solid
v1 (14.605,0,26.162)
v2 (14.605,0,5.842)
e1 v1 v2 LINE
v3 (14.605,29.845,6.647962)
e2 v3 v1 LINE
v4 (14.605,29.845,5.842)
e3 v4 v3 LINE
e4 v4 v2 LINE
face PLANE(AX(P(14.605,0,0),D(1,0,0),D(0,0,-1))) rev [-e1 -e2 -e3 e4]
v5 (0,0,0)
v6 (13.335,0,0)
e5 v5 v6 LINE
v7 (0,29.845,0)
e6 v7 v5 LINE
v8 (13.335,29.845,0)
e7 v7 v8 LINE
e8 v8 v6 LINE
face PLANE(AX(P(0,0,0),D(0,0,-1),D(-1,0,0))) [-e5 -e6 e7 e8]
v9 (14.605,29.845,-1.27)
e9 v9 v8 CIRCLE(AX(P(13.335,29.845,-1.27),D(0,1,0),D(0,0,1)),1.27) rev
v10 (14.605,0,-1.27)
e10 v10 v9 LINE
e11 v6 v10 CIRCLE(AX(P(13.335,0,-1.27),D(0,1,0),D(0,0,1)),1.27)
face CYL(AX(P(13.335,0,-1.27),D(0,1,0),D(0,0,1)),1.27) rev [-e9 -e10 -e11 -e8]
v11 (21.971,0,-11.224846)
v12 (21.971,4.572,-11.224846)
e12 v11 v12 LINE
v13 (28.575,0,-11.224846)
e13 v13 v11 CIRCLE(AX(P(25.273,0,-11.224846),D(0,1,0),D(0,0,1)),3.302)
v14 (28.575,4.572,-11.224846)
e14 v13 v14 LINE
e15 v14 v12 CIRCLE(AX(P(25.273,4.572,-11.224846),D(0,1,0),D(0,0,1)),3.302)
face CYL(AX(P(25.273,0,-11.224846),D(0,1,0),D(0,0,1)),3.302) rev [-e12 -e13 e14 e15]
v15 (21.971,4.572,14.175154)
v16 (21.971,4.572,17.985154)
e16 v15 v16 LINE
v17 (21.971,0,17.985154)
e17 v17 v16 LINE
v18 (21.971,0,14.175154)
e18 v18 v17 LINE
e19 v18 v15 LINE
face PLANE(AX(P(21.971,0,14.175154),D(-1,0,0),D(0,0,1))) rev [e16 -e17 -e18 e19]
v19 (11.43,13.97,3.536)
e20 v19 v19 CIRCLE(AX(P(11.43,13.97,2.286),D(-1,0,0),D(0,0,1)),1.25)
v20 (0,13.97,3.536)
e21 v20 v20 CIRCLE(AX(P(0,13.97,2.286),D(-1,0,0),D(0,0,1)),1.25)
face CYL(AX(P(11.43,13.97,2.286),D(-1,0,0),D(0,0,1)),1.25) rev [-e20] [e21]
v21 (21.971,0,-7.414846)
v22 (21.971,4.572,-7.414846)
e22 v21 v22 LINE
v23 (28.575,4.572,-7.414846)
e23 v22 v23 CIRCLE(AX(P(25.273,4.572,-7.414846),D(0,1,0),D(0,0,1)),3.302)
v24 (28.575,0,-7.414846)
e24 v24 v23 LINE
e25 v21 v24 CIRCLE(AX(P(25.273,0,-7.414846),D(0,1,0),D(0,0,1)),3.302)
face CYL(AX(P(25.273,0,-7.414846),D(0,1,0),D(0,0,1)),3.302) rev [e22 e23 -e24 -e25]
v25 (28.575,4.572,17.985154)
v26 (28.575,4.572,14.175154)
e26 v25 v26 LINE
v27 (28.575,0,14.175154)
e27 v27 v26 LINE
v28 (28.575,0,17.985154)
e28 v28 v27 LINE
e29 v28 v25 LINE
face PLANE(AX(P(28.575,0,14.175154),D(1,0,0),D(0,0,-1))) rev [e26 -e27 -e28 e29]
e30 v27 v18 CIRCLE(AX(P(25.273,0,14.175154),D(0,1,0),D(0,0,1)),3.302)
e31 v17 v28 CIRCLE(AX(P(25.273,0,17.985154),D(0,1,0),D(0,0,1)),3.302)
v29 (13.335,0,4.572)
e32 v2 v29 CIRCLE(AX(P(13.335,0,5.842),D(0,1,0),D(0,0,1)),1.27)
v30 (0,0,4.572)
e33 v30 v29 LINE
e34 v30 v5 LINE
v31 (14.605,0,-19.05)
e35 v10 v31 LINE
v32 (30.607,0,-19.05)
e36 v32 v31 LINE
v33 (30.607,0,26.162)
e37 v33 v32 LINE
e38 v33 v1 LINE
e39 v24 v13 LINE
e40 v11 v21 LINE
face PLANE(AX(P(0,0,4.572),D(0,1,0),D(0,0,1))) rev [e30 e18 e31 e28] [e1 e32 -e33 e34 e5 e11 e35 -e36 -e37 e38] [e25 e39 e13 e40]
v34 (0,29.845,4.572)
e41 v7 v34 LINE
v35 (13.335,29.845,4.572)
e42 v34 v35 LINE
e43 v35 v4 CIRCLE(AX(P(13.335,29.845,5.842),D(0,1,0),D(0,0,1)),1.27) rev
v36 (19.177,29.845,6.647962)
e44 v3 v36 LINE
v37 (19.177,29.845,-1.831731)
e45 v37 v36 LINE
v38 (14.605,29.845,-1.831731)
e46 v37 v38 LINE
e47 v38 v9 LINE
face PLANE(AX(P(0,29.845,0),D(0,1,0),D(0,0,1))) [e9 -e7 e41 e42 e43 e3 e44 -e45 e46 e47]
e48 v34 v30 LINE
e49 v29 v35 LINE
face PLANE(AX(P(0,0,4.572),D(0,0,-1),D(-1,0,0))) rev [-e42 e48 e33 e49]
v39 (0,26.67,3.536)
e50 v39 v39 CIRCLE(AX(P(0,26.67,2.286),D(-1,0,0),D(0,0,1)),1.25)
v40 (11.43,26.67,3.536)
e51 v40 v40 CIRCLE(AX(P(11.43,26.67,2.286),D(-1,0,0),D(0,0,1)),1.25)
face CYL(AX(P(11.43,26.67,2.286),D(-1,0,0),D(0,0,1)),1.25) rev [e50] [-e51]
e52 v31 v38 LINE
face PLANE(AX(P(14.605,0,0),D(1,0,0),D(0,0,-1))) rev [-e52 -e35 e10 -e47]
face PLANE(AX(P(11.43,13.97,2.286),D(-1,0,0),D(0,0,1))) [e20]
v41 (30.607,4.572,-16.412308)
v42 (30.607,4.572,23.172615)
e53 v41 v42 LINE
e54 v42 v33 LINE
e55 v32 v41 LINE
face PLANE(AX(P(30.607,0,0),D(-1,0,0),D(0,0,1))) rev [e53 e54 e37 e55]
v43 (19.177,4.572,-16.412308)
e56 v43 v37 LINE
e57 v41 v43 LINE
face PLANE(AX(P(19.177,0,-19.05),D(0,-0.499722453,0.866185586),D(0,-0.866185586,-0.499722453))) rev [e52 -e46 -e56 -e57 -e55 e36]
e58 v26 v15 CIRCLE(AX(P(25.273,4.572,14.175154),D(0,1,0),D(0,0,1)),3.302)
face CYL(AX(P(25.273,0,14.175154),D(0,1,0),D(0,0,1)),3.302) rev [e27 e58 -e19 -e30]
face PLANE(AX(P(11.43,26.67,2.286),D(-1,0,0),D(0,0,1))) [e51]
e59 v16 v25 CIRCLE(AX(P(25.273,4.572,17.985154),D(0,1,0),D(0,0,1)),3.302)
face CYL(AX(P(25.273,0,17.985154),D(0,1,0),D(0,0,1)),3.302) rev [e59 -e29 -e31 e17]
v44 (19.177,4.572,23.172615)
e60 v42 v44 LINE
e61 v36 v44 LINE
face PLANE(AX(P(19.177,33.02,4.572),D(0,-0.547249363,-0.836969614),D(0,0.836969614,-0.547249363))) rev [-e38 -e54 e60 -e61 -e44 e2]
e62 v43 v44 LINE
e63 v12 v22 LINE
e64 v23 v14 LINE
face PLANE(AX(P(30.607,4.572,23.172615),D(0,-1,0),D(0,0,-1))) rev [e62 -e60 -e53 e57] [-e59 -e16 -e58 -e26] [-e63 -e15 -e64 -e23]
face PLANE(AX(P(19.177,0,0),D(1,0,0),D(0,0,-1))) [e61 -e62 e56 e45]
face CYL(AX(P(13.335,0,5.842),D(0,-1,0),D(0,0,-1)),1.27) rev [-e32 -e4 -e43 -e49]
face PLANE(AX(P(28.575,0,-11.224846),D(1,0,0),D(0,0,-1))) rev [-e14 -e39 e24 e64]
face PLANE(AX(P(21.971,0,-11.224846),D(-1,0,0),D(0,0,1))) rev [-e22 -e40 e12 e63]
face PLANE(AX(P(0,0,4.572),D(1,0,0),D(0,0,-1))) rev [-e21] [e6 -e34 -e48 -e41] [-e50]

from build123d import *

# Parameters (mm, degrees)
SKETCH1_W           = 14.605
SKETCH1_H           = 33.02
BOSS_EXTRUDE1_DEPTH = 4.572
BOSS_EXTRUDE2_DEPTH = 4.572
BOSS_EXTRUDE3_DEPTH = 11.43
CUT_EXTRUDE1_DEPTH  = 50.300379278
SKETCH5_R           = 1.25000004
SKETCH5_R_2         = 1.25
CUT_EXTRUDE2_DEPTH  = 11.43
SKETCH6_W           = 33.355726526
SKETCH6_H           = 18.831890795
CUT_EXTRUDE3_DEPTH  = 3.175
FILLET1_R           = 1.27


with BuildPart() as part:
    # Sketch1 → Boss-Extrude1 (new body)
    with BuildSketch(Plane.XY):
        with Locations((7.3025, 16.51)):
            Rectangle(SKETCH1_W, SKETCH1_H)
    extrude(amount=BOSS_EXTRUDE1_DEPTH)

    # Sketch2 → Boss-Extrude2 (add)
    with BuildSketch(Plane(origin=(14.605, 0, 0), x_dir=(0, 0, -1), z_dir=(1, 0, 0))):
        Polygon((-4.572, 33.02), (-26.162, 0), (19.05, 0), (0, 33.02), align=None)
    extrude(amount=BOSS_EXTRUDE2_DEPTH)

    # Sketch3 → Boss-Extrude3 (add)
    with BuildSketch(Plane(origin=(19.177, 0, 0), x_dir=(0, 0, -1), z_dir=(1, 0, 0))):
        Polygon((-23.172615385, 4.572), (16.412307692, 4.572), (19.05, 0), (-26.162, 0), align=None)
    extrude(amount=BOSS_EXTRUDE3_DEPTH)

    # Sketch4 → Cut-Extrude1 (cut, through all)
    with BuildSketch(Plane(origin=(0, 4.572, 0), x_dir=(1, 0, 0), z_dir=(0, 1, 0))):
        with BuildLine():
            Line((28.575, 11.224846154), (28.575, 7.414846154))
            ThreePointArc((28.575, 7.414846154), (25.273, 4.112846154), (21.971, 7.414846154))
            Line((21.971, 7.414846154), (21.971, 11.224846154))
            ThreePointArc((21.971, 11.224846154), (25.273, 14.526846154), (28.575, 11.224846154))
        make_face()
        with BuildLine():
            Line((28.575, -14.175153846), (28.575, -17.985153846))
            ThreePointArc((28.575, -17.985153846), (25.273, -21.287153846), (21.971, -17.985153846))
            Line((21.971, -17.985153846), (21.971, -14.175153846))
            ThreePointArc((21.971, -14.175153846), (25.273, -10.873153846), (28.575, -14.175153846))
        make_face()
    extrude(amount=-CUT_EXTRUDE1_DEPTH, mode=Mode.SUBTRACT)

    # Sketch5 → Cut-Extrude2 (cut)
    with BuildSketch(Plane.ZY):
        with Locations((2.286, 26.67)):
            Circle(SKETCH5_R)
        with Locations((2.286, 13.97)):
            Circle(SKETCH5_R_2)
    extrude(amount=-CUT_EXTRUDE2_DEPTH, mode=Mode.SUBTRACT)

    # Sketch6 → Cut-Extrude3 (cut)
    with BuildSketch(Plane(origin=(0, 33.02, 0), x_dir=(1, 0, 0), z_dir=(0, 1, 0))):
        with Locations((16.677863263, -3.376077476)):
            Rectangle(SKETCH6_W, SKETCH6_H)
    extrude(amount=-CUT_EXTRUDE3_DEPTH, mode=Mode.SUBTRACT)

    # Fillet1
    fillet1_edges = [part.edges().sort_by_distance(p)[0] for p in [
        (14.605, 14.9225, 4.572),
        (14.605, 14.9225, 0),
    ]]
    fillet(fillet1_edges, radius=FILLET1_R)


solid = part.part
